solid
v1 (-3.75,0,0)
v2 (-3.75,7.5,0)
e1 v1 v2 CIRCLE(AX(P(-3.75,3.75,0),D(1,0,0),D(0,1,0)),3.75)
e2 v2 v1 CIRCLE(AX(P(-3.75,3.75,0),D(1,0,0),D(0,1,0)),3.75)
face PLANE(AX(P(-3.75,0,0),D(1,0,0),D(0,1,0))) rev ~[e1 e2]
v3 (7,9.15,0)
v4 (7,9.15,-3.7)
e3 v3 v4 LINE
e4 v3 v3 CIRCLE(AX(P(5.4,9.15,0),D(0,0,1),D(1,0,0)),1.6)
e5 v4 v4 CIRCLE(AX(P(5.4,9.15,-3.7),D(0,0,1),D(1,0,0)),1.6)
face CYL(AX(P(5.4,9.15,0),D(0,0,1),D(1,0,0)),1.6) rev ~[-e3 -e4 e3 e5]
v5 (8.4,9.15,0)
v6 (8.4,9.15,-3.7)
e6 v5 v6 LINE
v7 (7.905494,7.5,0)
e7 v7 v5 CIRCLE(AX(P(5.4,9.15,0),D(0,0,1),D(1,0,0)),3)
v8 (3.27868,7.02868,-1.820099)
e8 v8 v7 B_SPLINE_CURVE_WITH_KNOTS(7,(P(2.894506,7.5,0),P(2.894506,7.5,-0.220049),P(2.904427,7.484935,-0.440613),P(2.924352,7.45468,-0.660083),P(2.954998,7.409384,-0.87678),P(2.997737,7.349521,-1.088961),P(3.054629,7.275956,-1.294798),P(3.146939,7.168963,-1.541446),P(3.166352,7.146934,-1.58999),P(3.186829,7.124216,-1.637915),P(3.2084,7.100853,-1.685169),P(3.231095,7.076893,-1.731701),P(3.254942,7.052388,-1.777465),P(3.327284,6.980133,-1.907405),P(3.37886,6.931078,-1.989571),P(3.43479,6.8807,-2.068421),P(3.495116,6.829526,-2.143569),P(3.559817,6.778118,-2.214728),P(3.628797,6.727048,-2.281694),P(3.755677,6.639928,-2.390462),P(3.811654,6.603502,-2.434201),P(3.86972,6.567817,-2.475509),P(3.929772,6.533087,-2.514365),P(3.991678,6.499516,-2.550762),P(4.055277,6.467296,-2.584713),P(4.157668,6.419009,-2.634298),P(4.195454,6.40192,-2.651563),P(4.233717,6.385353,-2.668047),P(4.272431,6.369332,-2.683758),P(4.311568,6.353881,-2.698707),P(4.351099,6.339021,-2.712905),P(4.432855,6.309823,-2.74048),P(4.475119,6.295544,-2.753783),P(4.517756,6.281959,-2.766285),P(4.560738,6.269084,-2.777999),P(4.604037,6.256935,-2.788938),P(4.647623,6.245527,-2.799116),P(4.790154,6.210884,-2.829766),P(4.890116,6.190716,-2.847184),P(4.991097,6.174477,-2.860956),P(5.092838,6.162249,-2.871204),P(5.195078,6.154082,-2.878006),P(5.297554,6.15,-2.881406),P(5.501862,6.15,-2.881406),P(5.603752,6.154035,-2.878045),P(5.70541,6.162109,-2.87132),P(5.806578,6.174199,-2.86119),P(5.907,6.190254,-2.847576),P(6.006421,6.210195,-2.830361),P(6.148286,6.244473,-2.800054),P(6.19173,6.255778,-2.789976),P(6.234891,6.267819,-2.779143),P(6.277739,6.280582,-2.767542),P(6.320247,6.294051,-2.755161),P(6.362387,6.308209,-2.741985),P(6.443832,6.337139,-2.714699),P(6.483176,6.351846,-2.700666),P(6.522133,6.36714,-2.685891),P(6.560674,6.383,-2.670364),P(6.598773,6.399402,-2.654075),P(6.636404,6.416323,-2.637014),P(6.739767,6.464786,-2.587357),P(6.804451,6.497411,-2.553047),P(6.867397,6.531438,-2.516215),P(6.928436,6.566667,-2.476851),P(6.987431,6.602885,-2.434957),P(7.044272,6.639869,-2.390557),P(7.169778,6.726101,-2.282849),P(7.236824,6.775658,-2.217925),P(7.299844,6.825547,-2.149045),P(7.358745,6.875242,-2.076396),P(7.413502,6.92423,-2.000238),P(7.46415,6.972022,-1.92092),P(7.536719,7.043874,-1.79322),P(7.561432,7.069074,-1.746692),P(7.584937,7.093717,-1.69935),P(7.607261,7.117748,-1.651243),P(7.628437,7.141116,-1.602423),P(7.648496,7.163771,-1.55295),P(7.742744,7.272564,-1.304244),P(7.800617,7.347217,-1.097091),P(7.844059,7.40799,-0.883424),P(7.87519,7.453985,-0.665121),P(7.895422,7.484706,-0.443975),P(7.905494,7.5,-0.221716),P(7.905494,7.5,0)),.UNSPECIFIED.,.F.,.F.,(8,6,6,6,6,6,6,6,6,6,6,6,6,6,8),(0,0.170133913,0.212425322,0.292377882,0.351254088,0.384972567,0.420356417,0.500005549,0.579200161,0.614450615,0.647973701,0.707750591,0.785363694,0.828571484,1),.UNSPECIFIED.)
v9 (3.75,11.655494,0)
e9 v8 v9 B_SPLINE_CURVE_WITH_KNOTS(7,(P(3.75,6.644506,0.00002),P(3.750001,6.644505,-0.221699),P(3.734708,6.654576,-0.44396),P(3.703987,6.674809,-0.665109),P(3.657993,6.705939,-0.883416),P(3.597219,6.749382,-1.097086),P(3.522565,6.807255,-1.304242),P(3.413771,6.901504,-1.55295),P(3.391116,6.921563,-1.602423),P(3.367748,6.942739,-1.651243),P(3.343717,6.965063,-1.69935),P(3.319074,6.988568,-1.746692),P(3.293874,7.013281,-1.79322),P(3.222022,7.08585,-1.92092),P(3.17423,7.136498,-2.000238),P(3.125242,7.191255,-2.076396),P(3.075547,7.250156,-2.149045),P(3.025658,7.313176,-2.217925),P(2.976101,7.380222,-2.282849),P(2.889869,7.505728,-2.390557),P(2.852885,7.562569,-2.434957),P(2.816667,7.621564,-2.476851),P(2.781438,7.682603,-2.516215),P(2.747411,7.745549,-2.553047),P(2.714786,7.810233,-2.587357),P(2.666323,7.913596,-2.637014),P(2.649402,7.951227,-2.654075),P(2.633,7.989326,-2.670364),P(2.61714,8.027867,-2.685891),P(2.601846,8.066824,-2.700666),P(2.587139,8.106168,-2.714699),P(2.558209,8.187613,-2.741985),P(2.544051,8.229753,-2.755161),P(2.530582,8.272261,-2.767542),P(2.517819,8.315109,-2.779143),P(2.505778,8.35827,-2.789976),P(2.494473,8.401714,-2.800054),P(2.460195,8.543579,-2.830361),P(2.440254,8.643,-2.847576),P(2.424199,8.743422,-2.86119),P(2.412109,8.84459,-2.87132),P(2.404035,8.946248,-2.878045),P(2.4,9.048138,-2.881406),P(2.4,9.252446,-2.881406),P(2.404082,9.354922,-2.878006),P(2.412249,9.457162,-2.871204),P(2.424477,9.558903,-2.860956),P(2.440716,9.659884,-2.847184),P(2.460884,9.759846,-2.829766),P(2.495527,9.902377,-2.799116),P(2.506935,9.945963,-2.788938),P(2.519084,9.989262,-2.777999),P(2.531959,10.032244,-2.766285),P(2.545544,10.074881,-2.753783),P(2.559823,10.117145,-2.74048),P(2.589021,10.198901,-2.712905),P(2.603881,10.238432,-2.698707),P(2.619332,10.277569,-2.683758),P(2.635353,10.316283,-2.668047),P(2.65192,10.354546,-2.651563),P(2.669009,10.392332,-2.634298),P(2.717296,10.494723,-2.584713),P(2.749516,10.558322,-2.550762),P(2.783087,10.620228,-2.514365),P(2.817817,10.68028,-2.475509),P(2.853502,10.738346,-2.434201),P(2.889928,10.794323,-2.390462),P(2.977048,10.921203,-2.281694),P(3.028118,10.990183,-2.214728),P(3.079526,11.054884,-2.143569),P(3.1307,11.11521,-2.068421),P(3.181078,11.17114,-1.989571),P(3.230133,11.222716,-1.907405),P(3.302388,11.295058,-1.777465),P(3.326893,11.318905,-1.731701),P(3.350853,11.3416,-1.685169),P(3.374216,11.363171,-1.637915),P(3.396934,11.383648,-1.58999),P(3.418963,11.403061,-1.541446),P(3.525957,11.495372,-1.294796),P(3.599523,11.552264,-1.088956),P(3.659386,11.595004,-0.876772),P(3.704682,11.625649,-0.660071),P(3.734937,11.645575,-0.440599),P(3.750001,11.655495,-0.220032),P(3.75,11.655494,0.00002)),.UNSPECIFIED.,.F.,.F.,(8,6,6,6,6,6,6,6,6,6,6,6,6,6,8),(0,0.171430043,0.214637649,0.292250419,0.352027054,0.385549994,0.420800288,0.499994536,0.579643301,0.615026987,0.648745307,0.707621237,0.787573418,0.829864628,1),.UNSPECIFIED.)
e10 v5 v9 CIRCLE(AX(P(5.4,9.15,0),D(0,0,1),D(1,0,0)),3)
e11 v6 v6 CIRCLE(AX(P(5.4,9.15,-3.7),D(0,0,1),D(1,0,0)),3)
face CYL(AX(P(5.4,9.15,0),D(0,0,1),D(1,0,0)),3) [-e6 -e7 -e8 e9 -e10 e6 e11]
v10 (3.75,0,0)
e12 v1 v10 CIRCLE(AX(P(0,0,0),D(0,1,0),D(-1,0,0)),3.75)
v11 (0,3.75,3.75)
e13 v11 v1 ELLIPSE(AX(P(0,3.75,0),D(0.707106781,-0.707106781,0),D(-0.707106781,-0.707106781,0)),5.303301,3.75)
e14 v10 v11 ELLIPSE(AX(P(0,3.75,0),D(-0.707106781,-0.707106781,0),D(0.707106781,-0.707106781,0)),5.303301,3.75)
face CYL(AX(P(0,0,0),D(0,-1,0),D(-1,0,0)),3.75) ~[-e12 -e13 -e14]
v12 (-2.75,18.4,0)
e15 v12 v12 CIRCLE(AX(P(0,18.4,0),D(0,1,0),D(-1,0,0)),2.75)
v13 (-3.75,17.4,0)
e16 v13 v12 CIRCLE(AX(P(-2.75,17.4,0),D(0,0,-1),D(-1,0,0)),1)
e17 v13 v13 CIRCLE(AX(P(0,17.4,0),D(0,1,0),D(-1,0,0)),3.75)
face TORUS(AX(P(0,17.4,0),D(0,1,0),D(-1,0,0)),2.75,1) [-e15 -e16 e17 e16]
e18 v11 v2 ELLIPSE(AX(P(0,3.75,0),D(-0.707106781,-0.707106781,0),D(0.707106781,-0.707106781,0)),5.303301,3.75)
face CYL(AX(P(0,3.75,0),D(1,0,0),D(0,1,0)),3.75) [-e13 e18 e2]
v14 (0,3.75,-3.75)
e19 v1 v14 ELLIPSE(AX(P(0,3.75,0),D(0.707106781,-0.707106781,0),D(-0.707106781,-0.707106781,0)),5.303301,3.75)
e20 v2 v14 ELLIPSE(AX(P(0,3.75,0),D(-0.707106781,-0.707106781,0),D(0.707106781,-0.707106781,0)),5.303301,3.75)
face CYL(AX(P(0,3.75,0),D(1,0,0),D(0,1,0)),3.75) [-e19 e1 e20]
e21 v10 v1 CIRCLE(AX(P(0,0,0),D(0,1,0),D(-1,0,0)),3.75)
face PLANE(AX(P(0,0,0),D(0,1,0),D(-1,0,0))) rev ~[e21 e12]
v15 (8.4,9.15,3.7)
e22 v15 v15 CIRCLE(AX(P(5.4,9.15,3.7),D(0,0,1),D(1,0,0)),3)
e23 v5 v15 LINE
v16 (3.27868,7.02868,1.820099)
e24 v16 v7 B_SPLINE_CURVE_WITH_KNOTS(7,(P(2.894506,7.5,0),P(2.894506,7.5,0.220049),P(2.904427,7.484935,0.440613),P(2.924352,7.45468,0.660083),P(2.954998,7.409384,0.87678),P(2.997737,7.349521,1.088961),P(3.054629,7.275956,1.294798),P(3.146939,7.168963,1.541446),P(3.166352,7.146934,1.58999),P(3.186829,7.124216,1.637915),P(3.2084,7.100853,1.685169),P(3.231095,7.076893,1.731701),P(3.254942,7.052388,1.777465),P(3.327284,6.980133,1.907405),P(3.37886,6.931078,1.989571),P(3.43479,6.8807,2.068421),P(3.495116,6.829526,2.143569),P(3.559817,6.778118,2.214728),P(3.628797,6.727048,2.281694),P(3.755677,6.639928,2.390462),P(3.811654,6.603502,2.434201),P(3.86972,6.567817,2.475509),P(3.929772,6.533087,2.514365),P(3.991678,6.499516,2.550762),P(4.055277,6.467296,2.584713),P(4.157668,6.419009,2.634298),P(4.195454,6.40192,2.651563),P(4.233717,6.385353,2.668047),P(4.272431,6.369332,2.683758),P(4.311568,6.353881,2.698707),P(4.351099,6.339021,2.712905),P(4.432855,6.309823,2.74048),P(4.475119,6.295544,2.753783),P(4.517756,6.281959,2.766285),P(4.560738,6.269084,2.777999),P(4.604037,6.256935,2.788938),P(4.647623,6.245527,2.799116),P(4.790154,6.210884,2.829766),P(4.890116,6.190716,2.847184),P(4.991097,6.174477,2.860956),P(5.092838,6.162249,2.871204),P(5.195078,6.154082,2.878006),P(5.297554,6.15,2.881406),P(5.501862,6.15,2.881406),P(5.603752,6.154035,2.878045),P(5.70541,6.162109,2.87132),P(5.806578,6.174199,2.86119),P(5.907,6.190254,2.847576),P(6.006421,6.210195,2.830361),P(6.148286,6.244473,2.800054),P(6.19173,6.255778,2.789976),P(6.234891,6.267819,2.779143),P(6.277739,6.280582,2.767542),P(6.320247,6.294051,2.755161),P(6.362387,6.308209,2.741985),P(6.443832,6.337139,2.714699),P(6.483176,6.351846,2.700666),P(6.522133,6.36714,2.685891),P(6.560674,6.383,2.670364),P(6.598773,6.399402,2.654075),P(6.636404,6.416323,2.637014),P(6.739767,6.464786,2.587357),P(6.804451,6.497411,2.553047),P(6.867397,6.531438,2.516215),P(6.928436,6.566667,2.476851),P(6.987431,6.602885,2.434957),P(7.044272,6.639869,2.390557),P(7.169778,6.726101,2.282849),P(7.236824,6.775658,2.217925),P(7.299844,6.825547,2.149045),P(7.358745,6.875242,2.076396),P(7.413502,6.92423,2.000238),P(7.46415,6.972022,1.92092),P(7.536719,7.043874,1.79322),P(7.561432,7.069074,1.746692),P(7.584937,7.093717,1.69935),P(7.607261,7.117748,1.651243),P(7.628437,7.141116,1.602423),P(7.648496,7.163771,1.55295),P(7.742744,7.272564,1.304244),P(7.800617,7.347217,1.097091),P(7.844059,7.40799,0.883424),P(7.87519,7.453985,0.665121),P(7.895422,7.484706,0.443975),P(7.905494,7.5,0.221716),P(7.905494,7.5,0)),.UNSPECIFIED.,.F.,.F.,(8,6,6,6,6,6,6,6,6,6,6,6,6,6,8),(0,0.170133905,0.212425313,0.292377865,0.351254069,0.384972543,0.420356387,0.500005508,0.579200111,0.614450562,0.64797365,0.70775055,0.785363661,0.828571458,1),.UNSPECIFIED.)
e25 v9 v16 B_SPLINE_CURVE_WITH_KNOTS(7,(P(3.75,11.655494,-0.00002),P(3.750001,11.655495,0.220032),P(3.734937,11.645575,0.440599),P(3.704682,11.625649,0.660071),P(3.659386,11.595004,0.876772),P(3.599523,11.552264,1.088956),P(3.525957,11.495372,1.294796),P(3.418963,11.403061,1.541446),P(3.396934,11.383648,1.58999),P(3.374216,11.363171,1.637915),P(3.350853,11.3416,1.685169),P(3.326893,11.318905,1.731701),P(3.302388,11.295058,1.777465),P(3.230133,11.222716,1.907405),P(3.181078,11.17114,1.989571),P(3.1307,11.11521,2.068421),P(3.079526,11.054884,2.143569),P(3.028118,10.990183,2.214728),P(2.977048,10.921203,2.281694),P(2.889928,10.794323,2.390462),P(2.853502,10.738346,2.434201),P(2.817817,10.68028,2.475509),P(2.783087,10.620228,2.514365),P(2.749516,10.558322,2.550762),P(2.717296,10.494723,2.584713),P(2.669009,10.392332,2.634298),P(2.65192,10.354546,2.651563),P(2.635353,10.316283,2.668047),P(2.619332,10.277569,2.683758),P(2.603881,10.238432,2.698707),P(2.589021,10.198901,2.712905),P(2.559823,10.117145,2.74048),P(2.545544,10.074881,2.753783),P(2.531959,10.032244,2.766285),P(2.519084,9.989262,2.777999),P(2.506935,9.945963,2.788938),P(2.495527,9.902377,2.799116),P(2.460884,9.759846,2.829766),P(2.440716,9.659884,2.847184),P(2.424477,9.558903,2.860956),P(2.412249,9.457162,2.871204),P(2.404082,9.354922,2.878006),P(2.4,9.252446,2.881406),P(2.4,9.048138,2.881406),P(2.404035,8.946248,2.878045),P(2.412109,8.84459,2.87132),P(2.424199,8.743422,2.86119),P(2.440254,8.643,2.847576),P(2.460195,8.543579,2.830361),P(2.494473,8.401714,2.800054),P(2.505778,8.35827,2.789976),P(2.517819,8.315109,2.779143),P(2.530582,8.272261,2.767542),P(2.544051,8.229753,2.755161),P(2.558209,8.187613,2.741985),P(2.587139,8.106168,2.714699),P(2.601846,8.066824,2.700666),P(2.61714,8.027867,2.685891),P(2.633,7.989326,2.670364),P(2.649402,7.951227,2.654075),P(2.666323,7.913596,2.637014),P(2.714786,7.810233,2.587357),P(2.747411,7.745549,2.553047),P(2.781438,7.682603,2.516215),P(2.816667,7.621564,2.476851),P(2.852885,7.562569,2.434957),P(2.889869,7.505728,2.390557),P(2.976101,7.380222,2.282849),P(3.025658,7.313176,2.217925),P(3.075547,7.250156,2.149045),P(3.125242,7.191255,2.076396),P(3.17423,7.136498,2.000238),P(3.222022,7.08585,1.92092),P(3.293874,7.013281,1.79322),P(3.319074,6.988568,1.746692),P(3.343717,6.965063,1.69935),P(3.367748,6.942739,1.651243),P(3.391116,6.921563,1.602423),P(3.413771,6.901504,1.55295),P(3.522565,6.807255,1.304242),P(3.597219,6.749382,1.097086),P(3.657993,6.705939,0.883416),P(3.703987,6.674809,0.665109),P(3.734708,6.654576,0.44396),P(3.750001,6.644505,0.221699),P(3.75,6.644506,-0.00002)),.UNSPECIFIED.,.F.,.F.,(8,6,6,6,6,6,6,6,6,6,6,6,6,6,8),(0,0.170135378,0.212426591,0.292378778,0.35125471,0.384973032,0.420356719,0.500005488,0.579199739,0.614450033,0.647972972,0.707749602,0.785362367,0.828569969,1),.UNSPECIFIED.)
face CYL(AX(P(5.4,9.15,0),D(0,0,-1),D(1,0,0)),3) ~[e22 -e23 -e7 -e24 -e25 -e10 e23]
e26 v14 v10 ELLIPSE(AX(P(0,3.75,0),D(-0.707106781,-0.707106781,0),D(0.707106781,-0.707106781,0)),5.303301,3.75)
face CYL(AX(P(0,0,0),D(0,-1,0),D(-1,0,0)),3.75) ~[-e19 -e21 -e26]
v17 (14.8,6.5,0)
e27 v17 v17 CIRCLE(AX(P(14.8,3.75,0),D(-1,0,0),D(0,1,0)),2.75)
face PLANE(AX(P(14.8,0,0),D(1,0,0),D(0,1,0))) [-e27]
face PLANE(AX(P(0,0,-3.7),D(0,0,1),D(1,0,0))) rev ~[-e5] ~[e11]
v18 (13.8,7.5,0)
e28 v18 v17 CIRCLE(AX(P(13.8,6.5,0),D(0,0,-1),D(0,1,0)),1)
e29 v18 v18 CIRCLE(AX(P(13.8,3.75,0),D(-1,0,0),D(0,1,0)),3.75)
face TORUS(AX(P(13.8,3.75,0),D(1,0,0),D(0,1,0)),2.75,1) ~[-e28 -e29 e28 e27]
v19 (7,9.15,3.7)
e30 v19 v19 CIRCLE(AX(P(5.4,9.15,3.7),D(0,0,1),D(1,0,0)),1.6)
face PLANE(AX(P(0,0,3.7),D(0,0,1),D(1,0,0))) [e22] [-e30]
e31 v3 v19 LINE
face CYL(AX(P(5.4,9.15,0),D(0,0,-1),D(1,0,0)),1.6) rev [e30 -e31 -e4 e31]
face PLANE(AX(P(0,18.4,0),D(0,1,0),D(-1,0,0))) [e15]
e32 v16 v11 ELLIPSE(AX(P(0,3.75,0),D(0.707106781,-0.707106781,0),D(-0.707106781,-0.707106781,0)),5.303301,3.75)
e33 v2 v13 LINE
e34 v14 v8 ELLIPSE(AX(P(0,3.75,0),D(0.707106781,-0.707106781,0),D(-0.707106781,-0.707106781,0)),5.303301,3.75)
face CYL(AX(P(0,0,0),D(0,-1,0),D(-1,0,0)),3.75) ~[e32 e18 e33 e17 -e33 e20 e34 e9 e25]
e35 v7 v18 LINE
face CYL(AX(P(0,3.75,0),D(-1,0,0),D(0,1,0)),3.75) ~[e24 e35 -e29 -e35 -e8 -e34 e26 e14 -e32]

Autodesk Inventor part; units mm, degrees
ref_plane "YZ Plane" through (0, 0, 0) normal (1, 0, 0) x (0, 1, 0)
ref_plane "XZ Plane" through (0, 0, 0) normal (0, 1, 0) x (-1, 0, 0)
ref_plane "XY Plane" through (0, 0, 0) normal (0, 0, 1) x (1, 0, 0)
sketch "Sketch1" plane through (0, 0, 0) normal (0, 1, 0) x (-1, 0, 0)
  circle A0 centre (0, 0) radius 3.75
  dimension "d0" = 7.5
extrude "Extrusion1" add sketch "Sketch1" along normal blind 18.4
sketch "Sketch2" plane through (0, 0, 0) normal (1, 0, 0) x (0, 1, 0)
  circle A0 centre (3.75, 0) radius 3.75
  line L0 (0, -3.75) -> (0, 3.75) projected
  point P0 (0, 0)
  dimension "d3" = 7.5
extrude "Extrusion2" add sketch "Sketch2" along normal blind 14.8 and the other way blind 3.75
sketch "Sketch3" plane through (0, 0, 0) normal (0, 0, 1) x (1, 0, 0)
  line L0 (17.8168, 3.75) -> (-11.5413, 3.75) construction
  line L1 (0, 19.7284) -> (0, -6.0231) construction
  line L2 (0, 3.75) -> (0, 3.75) construction
  line L3 (0, 3.75) -> (-3.75, 7.5) construction
  line L4 (-3.75, 7.5) -> (0, 3.75) construction
  line L5 (3.75, 18.4) -> (-3.75, 18.4) construction
  line L6 (0, 3.75) -> (3.75, 0) construction
  line L7 (0, 3.75) -> (0, 3.75) construction
  line L8 (3.75, 0) -> (0, 3.75) construction
  line L9 (14.8, 0) -> (14.8, 7.5) construction
  circle A0 centre (5.4, 9.15) radius 1.6
  circle A1 centre (5.4, 9.15) radius 3
  point P0 (0, 0)
  point P1 (0, 18.4)
  point P2 (14.8, 3.75)
  dimension "d8" = 5.4
  dimension "d9" = 5.4
  dimension "d10" = 3.2
  dimension "d11" = 6
extrude "Extrusion3" add sketch "Sketch3" along normal mid plane 7.4
fillet "Fillet1" radius 1 2 edges at (3.75, 18.4, 0) (14.8, 0, 0)
properties part number "Union Elbow 1-8 KQ2L01-00A SMC"
